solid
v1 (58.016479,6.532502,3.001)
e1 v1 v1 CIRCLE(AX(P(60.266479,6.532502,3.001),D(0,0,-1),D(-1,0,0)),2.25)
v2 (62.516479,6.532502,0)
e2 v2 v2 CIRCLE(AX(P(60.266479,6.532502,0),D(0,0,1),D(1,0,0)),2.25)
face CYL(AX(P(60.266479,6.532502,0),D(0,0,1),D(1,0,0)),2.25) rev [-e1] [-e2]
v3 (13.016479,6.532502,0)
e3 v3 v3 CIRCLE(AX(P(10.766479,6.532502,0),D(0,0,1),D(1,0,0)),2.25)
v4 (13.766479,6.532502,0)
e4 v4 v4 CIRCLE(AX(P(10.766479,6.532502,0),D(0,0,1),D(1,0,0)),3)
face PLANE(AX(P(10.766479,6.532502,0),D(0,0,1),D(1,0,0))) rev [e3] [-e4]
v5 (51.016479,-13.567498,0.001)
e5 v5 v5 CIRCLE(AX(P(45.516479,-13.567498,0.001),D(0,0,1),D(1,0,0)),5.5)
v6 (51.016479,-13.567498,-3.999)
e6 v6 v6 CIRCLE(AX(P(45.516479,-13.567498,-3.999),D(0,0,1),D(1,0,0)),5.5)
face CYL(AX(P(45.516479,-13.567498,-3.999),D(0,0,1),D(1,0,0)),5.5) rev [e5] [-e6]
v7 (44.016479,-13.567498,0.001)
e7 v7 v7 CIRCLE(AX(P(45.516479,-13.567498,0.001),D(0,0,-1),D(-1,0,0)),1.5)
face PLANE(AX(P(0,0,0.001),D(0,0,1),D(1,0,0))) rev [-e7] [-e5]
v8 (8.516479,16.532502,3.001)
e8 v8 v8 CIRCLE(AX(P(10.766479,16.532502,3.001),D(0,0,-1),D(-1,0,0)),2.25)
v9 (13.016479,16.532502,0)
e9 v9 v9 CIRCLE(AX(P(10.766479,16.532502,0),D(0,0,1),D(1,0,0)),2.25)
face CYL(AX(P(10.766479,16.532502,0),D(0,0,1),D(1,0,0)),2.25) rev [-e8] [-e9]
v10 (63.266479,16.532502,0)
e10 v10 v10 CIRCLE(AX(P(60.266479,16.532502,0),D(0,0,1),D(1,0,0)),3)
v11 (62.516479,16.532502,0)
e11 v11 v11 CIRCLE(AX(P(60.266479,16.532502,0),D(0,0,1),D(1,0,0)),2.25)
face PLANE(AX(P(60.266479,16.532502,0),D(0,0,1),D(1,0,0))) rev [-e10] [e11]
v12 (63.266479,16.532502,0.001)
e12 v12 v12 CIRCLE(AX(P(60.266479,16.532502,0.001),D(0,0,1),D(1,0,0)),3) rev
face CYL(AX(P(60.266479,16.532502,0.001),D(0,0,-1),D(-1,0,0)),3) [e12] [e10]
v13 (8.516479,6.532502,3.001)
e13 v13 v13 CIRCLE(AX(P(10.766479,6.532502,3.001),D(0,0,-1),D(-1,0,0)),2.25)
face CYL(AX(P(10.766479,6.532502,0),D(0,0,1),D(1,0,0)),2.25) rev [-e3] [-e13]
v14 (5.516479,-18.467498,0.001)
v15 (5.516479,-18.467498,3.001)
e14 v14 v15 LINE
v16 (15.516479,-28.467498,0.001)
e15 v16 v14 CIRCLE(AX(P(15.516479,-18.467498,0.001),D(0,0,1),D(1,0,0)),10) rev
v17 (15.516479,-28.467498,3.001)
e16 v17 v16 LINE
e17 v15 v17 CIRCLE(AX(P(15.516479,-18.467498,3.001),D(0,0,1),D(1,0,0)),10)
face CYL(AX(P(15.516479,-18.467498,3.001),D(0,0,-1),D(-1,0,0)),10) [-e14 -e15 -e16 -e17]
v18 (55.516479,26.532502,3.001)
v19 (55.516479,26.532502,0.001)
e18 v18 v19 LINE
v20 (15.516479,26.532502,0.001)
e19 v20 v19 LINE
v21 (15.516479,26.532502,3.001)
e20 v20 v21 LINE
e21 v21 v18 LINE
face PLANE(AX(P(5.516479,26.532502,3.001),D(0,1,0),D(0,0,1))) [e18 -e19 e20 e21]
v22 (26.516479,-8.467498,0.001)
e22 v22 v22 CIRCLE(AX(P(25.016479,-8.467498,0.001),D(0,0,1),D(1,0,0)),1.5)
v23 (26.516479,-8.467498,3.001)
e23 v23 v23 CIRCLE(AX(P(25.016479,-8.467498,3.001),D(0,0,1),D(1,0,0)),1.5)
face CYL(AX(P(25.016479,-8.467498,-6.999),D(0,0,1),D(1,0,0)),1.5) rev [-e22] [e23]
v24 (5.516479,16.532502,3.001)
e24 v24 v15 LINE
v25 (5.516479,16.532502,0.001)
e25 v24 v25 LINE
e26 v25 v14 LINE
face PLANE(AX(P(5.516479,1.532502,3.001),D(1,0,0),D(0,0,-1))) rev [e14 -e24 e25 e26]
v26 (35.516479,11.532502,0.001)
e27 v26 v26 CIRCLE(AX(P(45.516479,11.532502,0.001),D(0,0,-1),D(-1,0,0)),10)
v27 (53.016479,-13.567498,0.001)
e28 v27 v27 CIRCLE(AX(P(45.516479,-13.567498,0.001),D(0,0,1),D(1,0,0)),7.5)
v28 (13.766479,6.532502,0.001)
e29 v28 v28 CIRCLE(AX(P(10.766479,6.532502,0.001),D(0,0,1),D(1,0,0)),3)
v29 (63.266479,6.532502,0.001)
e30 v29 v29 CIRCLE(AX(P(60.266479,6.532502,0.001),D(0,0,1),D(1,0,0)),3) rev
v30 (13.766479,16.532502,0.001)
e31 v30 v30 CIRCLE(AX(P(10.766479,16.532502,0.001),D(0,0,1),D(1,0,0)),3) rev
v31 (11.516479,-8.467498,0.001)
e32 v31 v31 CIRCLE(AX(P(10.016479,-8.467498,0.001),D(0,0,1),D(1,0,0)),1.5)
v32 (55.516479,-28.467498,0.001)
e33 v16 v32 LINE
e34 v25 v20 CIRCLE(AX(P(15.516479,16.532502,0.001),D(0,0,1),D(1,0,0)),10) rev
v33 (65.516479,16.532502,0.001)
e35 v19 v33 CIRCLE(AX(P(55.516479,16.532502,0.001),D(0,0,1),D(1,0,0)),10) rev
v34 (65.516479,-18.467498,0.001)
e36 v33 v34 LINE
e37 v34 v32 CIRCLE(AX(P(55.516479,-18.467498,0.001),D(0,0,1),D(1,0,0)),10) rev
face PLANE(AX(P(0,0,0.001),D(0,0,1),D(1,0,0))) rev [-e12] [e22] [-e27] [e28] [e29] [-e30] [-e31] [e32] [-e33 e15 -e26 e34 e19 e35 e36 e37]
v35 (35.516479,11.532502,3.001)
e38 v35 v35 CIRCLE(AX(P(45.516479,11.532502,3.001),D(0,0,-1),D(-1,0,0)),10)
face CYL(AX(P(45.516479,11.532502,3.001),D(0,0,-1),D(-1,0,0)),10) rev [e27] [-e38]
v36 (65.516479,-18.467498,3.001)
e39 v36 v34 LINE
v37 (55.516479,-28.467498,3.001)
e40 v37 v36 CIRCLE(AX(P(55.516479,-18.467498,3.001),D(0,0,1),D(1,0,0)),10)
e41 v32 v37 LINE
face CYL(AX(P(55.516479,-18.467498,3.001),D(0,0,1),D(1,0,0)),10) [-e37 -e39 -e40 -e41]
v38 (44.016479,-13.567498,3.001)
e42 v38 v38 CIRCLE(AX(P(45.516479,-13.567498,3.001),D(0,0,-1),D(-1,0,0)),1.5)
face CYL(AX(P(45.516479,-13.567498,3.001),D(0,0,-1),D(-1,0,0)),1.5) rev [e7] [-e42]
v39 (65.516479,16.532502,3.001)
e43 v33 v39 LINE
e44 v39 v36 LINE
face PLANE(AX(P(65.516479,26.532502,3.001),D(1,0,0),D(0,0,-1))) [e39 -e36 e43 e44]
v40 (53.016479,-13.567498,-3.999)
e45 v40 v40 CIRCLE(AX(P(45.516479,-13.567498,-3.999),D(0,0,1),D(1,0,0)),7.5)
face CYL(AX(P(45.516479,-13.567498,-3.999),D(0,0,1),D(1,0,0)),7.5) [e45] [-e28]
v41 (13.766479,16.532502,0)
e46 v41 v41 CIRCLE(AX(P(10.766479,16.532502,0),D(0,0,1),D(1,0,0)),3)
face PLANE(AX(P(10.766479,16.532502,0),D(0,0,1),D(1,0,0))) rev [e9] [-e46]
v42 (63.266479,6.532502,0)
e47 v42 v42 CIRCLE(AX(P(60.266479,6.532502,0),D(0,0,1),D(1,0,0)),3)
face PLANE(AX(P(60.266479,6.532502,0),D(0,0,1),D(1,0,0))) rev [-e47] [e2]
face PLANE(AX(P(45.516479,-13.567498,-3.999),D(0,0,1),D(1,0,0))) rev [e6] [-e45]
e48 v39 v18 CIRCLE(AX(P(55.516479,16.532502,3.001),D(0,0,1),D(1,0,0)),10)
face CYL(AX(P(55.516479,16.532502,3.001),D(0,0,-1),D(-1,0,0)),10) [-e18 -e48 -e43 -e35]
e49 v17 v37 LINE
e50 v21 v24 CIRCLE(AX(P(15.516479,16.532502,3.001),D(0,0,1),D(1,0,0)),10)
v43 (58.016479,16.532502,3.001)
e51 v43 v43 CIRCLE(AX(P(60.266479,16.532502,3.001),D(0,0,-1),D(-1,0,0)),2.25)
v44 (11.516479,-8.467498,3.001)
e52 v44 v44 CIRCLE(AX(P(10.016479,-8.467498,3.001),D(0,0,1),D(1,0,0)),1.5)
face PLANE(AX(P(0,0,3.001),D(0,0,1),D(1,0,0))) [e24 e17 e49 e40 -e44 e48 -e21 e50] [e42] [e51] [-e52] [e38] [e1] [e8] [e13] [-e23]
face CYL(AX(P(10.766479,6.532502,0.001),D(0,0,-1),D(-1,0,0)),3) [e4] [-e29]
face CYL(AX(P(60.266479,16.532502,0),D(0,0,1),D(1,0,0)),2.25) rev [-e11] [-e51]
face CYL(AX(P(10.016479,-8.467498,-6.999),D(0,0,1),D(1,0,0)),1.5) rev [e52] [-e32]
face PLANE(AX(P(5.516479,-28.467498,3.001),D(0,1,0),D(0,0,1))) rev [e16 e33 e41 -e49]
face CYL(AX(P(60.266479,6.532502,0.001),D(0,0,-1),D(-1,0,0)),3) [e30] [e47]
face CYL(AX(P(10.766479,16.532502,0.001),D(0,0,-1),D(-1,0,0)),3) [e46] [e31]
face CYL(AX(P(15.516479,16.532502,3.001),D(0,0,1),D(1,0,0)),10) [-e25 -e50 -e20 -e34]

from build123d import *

# Parameters (mm, degrees)
SKETCH_3_R               = 3
EXTRUDE_6_DEPTH          = 0.001
EXTRUDE_6_2_DEPTH        = 0.001
EXTRUDE_6_3_DEPTH        = 0.001
EXTRUDE_6_4_DEPTH        = 0.001
SKETCH_11_R              = 2.25
CUT_EXTRUDE_2_DEPTH      = 1
CUT_EXTRUDE_2_DEPTH_BACK = 1.001
EXTRUDE_7_DEPTH          = 3
SKETCH_14_R              = 2.25
SKETCH_14_R_2            = 10
CUT_EXTRUDE_3_DEPTH      = 3
SKETCH_15_R              = 10
SKETCH_15_R_2            = 1.5
CUT_EXTRUDE_4_DEPTH      = 3
SKETCH_16_R              = 1.5
CUT_EXTRUDE_5_DEPTH      = 10
SKETCH_17_R              = 7.5
SKETCH_17_R_2            = 5.5
EXTRUDE_8_DEPTH          = 7
FILLET_1_R               = 10


with BuildPart() as part:
    # 草图3 → 凸台-拉伸6 (new body)
    with BuildSketch(Plane.XY):
        with Locations((60.266478541, 16.532501821)):
            Circle(SKETCH_3_R)
    extrude(amount=EXTRUDE_6_DEPTH)


with BuildPart() as body_2:
    # 草图3 → Extrude 6 2 (new body)
    with BuildSketch(Plane.XY):
        with Locations((60.266478541, 6.532501821)):
            Circle(SKETCH_3_R)
    extrude(amount=EXTRUDE_6_2_DEPTH)


with BuildPart() as body_3:
    # 草图3 → Extrude 6 3 (new body)
    with BuildSketch(Plane.XY):
        with Locations((10.766478541, 6.532501821)):
            Circle(SKETCH_3_R)
    extrude(amount=EXTRUDE_6_3_DEPTH)


with BuildPart() as body_4:
    # 草图3 → Extrude 6 4 (new body)
    with BuildSketch(Plane.XY):
        with Locations((10.766478541, 16.532501821)):
            Circle(SKETCH_3_R)
    extrude(amount=EXTRUDE_6_4_DEPTH)


with BuildPart() as cut_extrude_2_tool:
    # 草图11 → 切除-拉伸2 (new body, two sides)
    with BuildSketch(Plane.XY.offset(0.001)) as cut_extrude_2_sk:
        with Locations((10.766478541, 16.532501821)):
            Circle(SKETCH_11_R)
        with Locations((10.766478541, 6.532501821)):
            Circle(SKETCH_11_R)
        with Locations((60.266478541, 16.532501821)):
            Circle(SKETCH_11_R)
        with Locations((60.266478541, 6.532501821)):
            Circle(SKETCH_11_R)
    extrude(amount=CUT_EXTRUDE_2_DEPTH)
    extrude(cut_extrude_2_sk.sketch, amount=-CUT_EXTRUDE_2_DEPTH_BACK)


with BuildPart() as part_1:
    add(part.part)

    # 切除-拉伸2: cut by cut_extrude_2_tool
    add(cut_extrude_2_tool.part, mode=Mode.SUBTRACT)



with BuildPart() as body_2_1:
    add(body_2.part)

    # 切除-拉伸2: cut by cut_extrude_2_tool
    add(cut_extrude_2_tool.part, mode=Mode.SUBTRACT)


with BuildPart() as body_3_1:
    add(body_3.part)

    # 切除-拉伸2: cut by cut_extrude_2_tool
    add(cut_extrude_2_tool.part, mode=Mode.SUBTRACT)


with BuildPart() as body_4_1:
    add(body_4.part)

    # 切除-拉伸2: cut by cut_extrude_2_tool
    add(cut_extrude_2_tool.part, mode=Mode.SUBTRACT)


with BuildPart() as part_2:
    add(part_1.part)

    add(body_2_1.part)  # 凸台-拉伸7 merges body 2

    add(body_3_1.part)  # 凸台-拉伸7 merges body 3

    add(body_4_1.part)  # 凸台-拉伸7 merges body 4
    # 草图12 → 凸台-拉伸7 (add)
    with BuildSketch(Plane.XY.offset(0.001)):
        Polygon((5.516478541, 26.532501821), (65.516478541, 26.532501821), (65.516478541, -28.467498179), (5.516478541, -28.467498179), (5.516478541, 1.532501821), align=None)
    extrude(amount=EXTRUDE_7_DEPTH)

    # 草图14 → 切除-拉伸3 (cut)
    with BuildSketch(Plane(origin=(0, 0, 0.001), x_dir=(-1, 0, 0), z_dir=(0, 0, -1))):
        with Locations((-60.266478541, 6.532501821)):
            Circle(SKETCH_14_R)
        with Locations((-60.266478541, 16.532501821)):
            Circle(SKETCH_14_R)
        with Locations((-10.766478541, 6.532501821)):
            Circle(SKETCH_14_R)
        with Locations((-10.766478541, 16.532501821)):
            Circle(SKETCH_14_R)
        with Locations((-45.516478541, 11.532501821)):
            Circle(SKETCH_14_R_2)
    extrude(amount=-CUT_EXTRUDE_3_DEPTH, mode=Mode.SUBTRACT)

    # 草图15 → 切除-拉伸4 (cut)
    with BuildSketch(Plane(origin=(0, 0, 0.001), x_dir=(-1, 0, 0), z_dir=(0, 0, -1))):
        with Locations((-45.516478541, 11.532501821)):
            Circle(SKETCH_15_R)
        with Locations((-45.516478541, -13.567498179)):
            Circle(SKETCH_15_R_2)
    extrude(amount=-CUT_EXTRUDE_4_DEPTH, mode=Mode.SUBTRACT)

    # 草图16 → 切除-拉伸5 (cut)
    with BuildSketch(Plane.XY.offset(3.001)):
        with Locations((10.016478541, -8.467498179)):
            Circle(SKETCH_16_R)
        with Locations((25.016478541, -8.467498179)):
            Circle(SKETCH_16_R)
    extrude(amount=-CUT_EXTRUDE_5_DEPTH, mode=Mode.SUBTRACT)

    # 草图17 → 凸台-拉伸8 (add)
    with BuildSketch(Plane.XY.offset(3.001)):
        with Locations((45.516478541, -13.567498179)):
            Circle(SKETCH_17_R)
        with Locations((45.516478541, -13.567498179)):
            Circle(SKETCH_17_R_2, mode=Mode.SUBTRACT)
    extrude(amount=-EXTRUDE_8_DEPTH)

    # 圆角1
    fillet_1_edges = [part_2.edges().sort_by_distance(p)[0] for p in [
        (5.516478541, 26.532501821, 1.501),
        (5.516478541, -28.467498179, 1.501),
        (65.516478541, -28.467498179, 1.501),
        (65.516478541, 26.532501821, 1.501),
    ]]
    fillet(fillet_1_edges, radius=FILLET_1_R)


solid = part_2.part
